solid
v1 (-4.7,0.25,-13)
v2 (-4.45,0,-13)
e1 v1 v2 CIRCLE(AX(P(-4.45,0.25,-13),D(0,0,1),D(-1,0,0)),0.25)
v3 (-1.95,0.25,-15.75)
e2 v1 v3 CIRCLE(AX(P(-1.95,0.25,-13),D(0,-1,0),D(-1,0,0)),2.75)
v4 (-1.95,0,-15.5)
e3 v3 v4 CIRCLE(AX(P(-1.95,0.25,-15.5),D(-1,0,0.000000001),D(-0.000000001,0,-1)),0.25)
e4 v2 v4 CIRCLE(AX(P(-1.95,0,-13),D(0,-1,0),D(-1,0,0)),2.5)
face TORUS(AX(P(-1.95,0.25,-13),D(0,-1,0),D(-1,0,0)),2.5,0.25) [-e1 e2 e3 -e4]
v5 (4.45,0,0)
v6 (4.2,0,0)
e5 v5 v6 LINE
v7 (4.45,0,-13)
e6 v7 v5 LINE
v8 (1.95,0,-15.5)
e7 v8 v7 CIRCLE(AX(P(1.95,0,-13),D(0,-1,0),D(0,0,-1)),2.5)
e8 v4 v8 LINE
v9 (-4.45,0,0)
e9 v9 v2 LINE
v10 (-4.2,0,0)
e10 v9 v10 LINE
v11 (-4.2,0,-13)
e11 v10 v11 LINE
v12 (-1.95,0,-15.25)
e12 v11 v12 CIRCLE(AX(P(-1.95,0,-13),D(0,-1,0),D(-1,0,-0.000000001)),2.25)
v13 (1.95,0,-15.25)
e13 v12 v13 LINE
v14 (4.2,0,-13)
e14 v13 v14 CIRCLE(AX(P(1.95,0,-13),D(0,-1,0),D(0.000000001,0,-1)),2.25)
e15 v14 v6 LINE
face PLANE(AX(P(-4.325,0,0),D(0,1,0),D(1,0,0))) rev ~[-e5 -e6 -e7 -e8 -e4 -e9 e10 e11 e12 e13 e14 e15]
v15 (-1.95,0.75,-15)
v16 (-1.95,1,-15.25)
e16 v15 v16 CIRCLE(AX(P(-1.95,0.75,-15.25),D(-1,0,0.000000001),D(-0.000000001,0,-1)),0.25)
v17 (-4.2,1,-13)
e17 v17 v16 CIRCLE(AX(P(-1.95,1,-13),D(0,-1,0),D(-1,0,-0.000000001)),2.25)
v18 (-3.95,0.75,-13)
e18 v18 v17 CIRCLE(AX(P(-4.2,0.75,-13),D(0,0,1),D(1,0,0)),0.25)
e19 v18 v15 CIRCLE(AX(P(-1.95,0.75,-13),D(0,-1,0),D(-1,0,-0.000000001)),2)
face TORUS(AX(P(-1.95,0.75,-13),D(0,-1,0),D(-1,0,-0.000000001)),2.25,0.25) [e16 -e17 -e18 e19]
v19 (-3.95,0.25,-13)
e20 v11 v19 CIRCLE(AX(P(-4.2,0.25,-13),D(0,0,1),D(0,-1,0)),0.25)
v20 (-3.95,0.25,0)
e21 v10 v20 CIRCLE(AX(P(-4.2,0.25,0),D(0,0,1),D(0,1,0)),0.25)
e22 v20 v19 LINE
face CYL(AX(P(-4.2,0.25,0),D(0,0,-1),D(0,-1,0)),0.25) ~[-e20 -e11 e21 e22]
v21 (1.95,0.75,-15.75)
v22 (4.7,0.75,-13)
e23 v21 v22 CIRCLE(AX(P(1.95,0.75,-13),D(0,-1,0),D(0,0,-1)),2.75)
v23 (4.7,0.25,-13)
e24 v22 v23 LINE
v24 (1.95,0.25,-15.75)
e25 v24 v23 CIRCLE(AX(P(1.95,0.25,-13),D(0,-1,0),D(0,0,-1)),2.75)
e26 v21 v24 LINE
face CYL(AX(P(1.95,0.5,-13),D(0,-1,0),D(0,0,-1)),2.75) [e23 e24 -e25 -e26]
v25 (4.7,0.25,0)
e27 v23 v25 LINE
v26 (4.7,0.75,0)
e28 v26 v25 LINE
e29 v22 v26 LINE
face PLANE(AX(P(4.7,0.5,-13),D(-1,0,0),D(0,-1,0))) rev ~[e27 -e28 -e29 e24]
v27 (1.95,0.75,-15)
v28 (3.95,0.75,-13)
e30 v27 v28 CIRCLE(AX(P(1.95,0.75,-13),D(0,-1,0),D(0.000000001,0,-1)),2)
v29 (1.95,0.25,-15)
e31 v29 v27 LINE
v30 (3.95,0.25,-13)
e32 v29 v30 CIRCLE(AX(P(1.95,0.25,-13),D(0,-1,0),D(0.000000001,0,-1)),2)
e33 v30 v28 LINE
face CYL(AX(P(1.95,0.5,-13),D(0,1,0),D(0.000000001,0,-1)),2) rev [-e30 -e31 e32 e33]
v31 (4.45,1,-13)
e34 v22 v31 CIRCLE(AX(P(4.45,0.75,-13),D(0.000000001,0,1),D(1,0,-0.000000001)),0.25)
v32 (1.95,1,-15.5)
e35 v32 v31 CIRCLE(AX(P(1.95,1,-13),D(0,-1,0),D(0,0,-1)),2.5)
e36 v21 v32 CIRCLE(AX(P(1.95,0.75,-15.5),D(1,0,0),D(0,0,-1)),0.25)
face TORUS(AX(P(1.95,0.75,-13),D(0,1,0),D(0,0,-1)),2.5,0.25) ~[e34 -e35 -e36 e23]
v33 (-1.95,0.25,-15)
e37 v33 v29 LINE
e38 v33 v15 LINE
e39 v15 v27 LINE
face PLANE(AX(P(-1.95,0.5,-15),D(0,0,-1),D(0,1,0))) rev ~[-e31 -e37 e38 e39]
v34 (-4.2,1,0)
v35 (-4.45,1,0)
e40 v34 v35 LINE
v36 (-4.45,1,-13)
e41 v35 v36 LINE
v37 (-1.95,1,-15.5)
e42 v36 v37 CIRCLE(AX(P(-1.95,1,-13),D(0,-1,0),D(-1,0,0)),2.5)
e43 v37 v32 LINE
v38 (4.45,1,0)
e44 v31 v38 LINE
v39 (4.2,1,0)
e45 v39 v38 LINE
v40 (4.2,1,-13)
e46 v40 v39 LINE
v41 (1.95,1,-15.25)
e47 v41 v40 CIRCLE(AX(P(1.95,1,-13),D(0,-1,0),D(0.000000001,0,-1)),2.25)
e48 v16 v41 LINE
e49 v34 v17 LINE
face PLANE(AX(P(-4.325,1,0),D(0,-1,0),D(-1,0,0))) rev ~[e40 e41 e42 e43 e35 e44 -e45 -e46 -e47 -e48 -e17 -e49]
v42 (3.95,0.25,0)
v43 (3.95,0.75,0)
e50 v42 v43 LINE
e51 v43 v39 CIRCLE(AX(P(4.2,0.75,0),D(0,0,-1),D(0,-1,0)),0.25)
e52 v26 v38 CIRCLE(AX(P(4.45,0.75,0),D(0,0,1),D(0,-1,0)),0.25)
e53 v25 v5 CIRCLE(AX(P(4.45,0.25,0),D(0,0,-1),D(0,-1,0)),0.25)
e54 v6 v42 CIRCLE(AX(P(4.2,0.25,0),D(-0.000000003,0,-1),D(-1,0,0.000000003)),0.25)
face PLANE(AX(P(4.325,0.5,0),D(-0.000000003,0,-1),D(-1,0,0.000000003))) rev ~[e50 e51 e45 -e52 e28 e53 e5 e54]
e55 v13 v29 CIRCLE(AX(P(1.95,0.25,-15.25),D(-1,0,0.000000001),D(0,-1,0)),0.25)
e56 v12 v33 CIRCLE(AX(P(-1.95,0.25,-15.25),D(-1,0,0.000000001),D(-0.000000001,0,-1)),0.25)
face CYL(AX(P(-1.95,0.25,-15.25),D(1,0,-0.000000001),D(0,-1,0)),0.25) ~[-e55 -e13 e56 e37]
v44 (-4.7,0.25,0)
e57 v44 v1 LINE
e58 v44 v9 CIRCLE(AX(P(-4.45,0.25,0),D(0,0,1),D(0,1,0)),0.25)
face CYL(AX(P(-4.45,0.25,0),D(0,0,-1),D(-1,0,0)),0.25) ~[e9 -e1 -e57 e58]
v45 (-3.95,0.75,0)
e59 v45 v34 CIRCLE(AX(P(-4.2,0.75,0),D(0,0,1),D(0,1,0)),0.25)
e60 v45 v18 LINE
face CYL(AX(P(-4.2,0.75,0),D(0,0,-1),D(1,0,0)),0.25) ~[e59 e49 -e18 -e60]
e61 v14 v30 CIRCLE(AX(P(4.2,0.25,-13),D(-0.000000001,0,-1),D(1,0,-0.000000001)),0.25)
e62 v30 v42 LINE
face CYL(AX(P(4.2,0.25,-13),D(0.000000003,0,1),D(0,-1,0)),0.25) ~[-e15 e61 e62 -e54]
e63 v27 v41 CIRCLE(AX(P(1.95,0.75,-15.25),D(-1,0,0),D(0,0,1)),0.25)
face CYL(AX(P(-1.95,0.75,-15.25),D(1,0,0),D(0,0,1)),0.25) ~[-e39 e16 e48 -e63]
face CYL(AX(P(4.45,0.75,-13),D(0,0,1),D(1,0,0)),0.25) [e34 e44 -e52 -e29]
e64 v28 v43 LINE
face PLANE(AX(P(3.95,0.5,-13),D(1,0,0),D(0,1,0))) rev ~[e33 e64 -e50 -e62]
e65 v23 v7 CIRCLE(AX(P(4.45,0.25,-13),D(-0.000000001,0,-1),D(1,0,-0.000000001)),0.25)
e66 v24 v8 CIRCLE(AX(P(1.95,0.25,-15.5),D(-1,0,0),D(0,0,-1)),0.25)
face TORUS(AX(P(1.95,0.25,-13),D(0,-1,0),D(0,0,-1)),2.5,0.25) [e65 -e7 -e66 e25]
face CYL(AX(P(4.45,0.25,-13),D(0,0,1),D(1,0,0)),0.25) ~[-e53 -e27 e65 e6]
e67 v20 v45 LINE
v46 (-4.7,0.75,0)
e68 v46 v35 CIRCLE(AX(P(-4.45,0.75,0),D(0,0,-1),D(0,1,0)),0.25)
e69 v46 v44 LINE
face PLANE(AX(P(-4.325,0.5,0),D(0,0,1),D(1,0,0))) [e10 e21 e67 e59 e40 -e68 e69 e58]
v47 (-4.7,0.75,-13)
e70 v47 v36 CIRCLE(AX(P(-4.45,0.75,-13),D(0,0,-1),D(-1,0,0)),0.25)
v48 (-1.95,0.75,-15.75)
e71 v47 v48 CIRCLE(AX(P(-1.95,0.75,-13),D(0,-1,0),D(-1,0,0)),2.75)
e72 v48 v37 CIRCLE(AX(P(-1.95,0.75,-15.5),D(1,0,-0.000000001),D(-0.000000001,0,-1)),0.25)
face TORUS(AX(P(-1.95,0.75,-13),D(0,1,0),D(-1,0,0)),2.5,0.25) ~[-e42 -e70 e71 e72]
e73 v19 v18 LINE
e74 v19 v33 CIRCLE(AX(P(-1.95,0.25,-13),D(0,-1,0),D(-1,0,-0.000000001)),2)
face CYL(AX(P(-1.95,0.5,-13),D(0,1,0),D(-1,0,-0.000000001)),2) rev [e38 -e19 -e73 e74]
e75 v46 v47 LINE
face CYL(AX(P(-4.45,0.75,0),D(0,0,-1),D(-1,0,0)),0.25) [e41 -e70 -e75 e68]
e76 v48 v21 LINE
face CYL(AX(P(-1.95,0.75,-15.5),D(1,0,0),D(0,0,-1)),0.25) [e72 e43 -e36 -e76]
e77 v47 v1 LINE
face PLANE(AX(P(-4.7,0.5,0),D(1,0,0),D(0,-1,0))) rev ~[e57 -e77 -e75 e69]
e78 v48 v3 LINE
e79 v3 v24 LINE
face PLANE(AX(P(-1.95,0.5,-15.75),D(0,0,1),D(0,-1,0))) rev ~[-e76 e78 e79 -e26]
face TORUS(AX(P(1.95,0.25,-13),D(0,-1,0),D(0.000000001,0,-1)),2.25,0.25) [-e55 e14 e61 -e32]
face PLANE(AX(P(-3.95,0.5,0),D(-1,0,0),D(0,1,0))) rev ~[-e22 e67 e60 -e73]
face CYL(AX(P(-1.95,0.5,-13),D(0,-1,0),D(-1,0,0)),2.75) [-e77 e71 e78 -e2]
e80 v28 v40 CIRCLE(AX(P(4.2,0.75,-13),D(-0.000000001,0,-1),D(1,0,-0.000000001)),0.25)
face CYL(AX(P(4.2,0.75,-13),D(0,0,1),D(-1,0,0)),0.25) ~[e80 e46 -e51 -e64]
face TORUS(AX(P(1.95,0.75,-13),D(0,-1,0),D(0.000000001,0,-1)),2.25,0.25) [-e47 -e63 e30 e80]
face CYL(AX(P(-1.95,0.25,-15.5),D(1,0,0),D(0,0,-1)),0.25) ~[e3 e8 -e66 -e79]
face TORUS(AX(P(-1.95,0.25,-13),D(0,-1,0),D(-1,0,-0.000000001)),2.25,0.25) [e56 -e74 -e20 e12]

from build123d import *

# Parameters (mm, degrees)
SKETCH3_W = 0.75
SKETCH3_H = 1
FILLET1_R = 0.25


with BuildPart() as part:
    # Sweep1: sweep along a path in Sketch2
    with BuildLine(Plane(origin=(0, 0, 0), x_dir=(1, 0, 0), z_dir=(0, 1, 0))) as sweep1_path:
        Line((-3.95, 0), (-3.95, 13))
        ThreePointArc((-3.95, 13), (-3.364213562, 14.414213562), (-1.95, 15))
        Line((-1.95, 15), (1.95, 15))
        ThreePointArc((1.95, 15), (3.364213562, 14.414213562), (3.95, 13))
        Line((3.95, 13), (3.95, 0))
    # Sketch3 → Sweep1 (sweep)
    with BuildSketch(Plane.XY):
        with Locations((-4.325, 0.5)):
            Rectangle(SKETCH3_W, SKETCH3_H)
    sweep(path=sweep1_path.line)

    # Fillet1
    fillet1_edges = [part.edges().sort_by_distance(p)[0] for p in [
        (-3.95, 1, -6.5),
        (-4.7, 1, -6.5),
        (-4.7, 0, -6.5),
        (3.95, 0, -6.5),
        (3.95, 1, -6.5),
        (4.7, 1, -6.5),
        (4.7, 0, -6.5),
        (3.364213562, 0, -14.414213562),
        (3.364213562, 1, -14.414213562),
        (3.894543648, 1, -14.944543648),
        (3.894543648, 0, -14.944543648),
        (0, 0, -15),
        (0, 1, -15),
        (0, 1, -15.75),
        (0, 0, -15.75),
        (-3.364213562, 0, -14.414213562),
        (-3.364213562, 1, -14.414213562),
        (-3.894543648, 1, -14.944543648),
        (-3.894543648, 0, -14.944543648),
        (-3.95, 0, -6.5),
    ]]
    fillet(fillet1_edges, radius=FILLET1_R)


solid = part.part
